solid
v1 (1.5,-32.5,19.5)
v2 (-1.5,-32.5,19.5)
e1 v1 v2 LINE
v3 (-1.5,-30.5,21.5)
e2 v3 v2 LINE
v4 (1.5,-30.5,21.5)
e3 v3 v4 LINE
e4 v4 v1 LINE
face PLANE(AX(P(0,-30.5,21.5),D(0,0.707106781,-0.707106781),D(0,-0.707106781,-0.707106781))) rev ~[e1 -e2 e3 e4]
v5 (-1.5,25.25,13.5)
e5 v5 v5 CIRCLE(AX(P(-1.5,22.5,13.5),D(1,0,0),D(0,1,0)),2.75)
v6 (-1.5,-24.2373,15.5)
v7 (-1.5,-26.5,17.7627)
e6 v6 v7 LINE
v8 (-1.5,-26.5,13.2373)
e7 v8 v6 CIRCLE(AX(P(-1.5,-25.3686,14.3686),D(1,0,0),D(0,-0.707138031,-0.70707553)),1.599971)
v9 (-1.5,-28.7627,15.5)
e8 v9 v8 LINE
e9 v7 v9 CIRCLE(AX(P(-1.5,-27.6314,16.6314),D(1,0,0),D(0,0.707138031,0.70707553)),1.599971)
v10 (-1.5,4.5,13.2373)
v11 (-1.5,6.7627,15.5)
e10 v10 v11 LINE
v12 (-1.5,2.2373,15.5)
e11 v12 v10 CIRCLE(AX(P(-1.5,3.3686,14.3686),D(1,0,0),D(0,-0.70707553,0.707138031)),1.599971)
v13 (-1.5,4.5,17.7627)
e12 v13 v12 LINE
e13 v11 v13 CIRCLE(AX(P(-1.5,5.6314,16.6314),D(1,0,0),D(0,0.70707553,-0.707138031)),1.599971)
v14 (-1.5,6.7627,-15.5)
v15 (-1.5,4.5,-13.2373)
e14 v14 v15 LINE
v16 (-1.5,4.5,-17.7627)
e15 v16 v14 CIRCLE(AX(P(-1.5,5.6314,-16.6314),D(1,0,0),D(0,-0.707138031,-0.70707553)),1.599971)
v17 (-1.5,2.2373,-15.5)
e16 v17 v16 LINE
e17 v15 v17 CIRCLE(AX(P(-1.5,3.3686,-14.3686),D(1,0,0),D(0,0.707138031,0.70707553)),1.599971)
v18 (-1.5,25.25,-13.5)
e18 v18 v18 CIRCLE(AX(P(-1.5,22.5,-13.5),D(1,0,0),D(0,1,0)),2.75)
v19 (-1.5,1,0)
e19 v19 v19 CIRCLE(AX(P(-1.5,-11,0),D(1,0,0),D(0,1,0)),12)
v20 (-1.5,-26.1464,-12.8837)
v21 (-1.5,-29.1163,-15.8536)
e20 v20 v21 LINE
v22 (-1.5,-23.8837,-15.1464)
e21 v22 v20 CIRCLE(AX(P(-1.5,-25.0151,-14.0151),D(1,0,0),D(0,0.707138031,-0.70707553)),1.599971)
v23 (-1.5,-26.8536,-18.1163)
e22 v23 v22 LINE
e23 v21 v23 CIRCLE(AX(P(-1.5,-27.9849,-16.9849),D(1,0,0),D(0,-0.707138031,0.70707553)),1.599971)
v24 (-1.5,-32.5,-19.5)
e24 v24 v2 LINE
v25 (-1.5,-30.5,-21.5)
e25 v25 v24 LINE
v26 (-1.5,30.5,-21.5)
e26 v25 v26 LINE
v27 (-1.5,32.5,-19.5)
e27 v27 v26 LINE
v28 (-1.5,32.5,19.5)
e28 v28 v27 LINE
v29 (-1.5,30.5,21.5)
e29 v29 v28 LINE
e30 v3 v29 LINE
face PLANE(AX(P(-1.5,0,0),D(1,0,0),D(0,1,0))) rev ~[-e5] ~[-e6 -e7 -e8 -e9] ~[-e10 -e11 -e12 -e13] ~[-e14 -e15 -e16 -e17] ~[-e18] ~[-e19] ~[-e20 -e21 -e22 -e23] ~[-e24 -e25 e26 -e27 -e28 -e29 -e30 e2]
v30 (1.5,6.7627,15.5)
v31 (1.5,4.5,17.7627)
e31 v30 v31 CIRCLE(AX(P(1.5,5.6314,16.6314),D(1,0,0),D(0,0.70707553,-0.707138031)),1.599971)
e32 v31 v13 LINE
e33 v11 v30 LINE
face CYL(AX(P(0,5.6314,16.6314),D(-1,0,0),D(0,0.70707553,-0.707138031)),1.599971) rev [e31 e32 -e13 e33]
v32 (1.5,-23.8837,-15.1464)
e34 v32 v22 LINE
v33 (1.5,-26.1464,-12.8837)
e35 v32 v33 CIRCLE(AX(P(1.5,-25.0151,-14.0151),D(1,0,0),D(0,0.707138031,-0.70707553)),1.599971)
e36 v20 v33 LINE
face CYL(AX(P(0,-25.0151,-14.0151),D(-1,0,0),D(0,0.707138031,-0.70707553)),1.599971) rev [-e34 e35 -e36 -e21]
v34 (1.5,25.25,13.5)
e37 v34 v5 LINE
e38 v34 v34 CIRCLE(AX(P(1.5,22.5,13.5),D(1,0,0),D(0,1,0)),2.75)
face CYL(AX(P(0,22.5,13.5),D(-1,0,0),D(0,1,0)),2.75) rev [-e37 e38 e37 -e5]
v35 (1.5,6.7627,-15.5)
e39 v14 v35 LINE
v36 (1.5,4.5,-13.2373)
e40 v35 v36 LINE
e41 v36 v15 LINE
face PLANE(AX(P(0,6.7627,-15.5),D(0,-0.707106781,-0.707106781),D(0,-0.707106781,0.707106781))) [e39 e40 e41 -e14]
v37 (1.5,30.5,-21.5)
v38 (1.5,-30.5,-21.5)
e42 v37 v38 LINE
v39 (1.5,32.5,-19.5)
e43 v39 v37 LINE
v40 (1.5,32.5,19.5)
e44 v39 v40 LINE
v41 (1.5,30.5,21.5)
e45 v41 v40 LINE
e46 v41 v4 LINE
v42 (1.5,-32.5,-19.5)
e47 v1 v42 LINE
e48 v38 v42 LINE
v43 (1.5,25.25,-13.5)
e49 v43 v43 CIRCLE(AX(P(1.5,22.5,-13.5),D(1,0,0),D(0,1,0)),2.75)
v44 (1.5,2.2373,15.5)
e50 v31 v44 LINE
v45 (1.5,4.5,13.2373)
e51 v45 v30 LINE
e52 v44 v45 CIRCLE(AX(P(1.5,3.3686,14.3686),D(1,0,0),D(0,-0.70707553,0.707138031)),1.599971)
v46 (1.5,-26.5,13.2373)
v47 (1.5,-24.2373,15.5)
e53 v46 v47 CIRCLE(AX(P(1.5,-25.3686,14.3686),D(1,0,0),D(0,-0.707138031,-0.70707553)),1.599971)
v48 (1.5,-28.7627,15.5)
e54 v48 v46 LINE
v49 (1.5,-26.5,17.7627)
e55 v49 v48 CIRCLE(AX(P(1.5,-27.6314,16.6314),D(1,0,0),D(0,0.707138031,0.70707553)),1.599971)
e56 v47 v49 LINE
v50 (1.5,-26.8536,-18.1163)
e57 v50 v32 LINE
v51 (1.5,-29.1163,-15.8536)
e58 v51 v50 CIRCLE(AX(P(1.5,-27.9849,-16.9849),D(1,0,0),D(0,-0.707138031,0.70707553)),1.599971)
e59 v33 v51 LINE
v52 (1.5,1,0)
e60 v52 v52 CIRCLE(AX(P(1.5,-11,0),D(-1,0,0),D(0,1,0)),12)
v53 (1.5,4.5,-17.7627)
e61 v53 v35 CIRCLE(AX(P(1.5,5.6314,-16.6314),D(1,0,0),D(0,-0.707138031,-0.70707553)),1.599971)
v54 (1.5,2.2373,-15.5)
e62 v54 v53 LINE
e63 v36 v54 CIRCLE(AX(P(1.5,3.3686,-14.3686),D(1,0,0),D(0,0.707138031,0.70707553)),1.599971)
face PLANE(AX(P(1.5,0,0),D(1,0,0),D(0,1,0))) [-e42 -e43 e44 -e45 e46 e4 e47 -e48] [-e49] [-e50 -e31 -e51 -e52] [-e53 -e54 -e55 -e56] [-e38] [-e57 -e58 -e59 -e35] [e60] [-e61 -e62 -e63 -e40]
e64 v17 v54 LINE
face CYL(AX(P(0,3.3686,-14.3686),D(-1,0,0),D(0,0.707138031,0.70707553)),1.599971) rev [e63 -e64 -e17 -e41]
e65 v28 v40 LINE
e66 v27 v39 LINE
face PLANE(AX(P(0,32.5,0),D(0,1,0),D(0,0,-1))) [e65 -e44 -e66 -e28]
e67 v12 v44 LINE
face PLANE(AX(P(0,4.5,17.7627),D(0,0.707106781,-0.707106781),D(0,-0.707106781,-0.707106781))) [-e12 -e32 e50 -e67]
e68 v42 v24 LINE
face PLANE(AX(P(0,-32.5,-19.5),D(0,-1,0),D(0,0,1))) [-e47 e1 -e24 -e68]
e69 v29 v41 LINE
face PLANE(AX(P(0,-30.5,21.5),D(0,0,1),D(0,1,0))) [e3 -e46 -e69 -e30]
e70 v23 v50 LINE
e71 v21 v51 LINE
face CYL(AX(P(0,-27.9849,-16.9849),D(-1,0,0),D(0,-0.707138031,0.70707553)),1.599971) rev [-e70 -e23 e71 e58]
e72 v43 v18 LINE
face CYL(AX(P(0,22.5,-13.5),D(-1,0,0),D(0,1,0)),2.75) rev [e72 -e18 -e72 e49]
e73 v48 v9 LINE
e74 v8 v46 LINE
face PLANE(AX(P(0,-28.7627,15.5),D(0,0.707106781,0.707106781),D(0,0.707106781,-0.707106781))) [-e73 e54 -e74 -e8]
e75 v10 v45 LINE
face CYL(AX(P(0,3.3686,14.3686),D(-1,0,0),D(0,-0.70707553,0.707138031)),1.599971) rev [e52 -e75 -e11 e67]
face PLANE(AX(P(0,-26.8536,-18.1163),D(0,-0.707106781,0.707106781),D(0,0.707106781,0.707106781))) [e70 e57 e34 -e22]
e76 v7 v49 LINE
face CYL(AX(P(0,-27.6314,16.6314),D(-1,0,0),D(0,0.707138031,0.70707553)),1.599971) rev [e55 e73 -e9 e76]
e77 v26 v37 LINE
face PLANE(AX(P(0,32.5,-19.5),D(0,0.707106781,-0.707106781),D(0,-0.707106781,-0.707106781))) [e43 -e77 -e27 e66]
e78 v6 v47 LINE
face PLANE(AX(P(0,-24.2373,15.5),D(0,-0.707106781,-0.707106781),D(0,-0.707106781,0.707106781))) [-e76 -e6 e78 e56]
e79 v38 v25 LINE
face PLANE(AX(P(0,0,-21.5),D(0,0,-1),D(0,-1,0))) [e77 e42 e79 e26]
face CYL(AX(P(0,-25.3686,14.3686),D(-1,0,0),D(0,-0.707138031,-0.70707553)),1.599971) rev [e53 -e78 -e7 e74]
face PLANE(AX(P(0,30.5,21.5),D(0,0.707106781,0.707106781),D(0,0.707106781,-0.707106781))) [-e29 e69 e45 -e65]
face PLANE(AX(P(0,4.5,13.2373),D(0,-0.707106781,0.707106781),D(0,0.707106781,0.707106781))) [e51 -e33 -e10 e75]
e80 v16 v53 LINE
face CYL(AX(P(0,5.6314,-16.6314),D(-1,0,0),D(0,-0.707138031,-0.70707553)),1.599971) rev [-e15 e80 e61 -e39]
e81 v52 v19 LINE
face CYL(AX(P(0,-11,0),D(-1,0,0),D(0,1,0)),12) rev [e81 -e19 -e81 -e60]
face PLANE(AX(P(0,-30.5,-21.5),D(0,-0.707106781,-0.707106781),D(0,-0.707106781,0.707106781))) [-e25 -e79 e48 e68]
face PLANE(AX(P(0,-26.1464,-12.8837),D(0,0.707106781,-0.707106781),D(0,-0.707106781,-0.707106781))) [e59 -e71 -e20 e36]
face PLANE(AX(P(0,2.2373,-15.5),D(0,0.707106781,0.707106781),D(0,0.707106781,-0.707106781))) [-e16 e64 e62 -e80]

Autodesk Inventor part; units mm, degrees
ref_plane "YZ Plane" through (0, 0, 0) normal (1, 0, 0) x (0, 1, 0)
ref_plane "XZ Plane" through (0, 0, 0) normal (0, 1, 0) x (-1, 0, 0)
ref_plane "XY Plane" through (0, 0, 0) normal (0, 0, 1) x (1, 0, 0)
sketch "Skizze1" plane through (0, 0, 0) normal (1, 0, 0) x (0, 1, 0)
  line L0 (0, -30.1) -> (0, 30.1) projected
  line L1 (-45.5, 0) -> (45.5, 0) projected
  line L2 (-30.5, 21.5) -> (30.5, 21.5)
  line L3 (32.5, 19.5) -> (32.5, -19.5)
  line L4 (30.5, -21.5) -> (-30.5, -21.5)
  line L5 (-32.5, -19.5) -> (-32.5, 19.5)
  circle A0 centre (22.5, 13.5) radius 2.75
  circle A1 centre (22.5, -13.5) radius 2.75
  line L6 (30.5, 21.5) -> (32.5, 19.5)
  line L7 (32.5, -19.5) -> (30.5, -21.5)
  line L8 (-30.5, 21.5) -> (-32.5, 19.5)
  line L9 (-30.5, -21.5) -> (-32.5, -19.5)
  line L10 (5.6314, 16.6314) -> (3.3686, 14.3686) construction
  line L11 (4.5, 17.7627) -> (2.2373, 15.5)
  line L12 (4.5, 13.2373) -> (6.7627, 15.5)
  arc A2 (6.7627, 15.5) -> (4.5, 17.7627) centre (5.6314, 16.6314) ccw
  arc A3 (2.2373, 15.5) -> (4.5, 13.2373) centre (3.3686, 14.3686) ccw
  line L13 (-27.6314, 16.6314) -> (-25.3686, 14.3686) construction
  line L14 (-28.7627, 15.5) -> (-26.5, 13.2373)
  line L15 (-24.2373, 15.5) -> (-26.5, 17.7627)
  arc A4 (-26.5, 17.7627) -> (-28.7627, 15.5) centre (-27.6314, 16.6314) ccw
  arc A5 (-26.5, 13.2373) -> (-24.2373, 15.5) centre (-25.3686, 14.3686) ccw
  line L16 (5.6314, -16.6314) -> (3.3686, -14.3686) construction
  line L17 (6.7627, -15.5) -> (4.5, -13.2373)
  line L18 (2.2373, -15.5) -> (4.5, -17.7627)
  arc A6 (4.5, -17.7627) -> (6.7627, -15.5) centre (5.6314, -16.6314) ccw
  arc A7 (4.5, -13.2373) -> (2.2373, -15.5) centre (3.3686, -14.3686) ccw
  line L19 (-26.4997, -15.4997) -> (-26.5003, -15.5003) construction
  line L20 (-25.3683, -16.631) -> (-25.369, -16.6317)
  line L21 (-27.6317, -14.369) -> (-27.631, -14.3683)
  line L22 (-27.9849, -16.9849) -> (-25.0151, -14.0151) construction
  line L23 (-26.8536, -18.1163) -> (-23.8837, -15.1464)
  line L24 (-26.1464, -12.8837) -> (-29.1163, -15.8536)
  arc A8 (-29.1163, -15.8536) -> (-26.8536, -18.1163) centre (-27.9849, -16.9849) ccw
  arc A9 (-23.8837, -15.1464) -> (-26.1464, -12.8837) centre (-25.0151, -14.0151) ccw
  circle A10 centre (-11, 0) radius 12
  point P0 (0, 0)
  point P1 (-32.5, 21.5)
  point P2 (32.5, -21.5)
  point P3 (32.5, 21.5)
  point P4 (-32.5, -21.5)
  point P5 (4.5, 15.5)
  point P6 (-26.5, 15.5)
  point P7 (4.5, -15.5)
  point P8 (-26.5, -15.5)
  dimension "d0" = 65
  dimension "d1" = 43
  dimension "d2" = 5.5
  dimension "d3" = 10
  dimension "d4" = 8
  dimension "d14" = 2
  dimension "d15" = 2
  dimension "d16" = 2
  dimension "d17" = 2
  dimension "d18" = 2
  dimension "d19" = 2
  dimension "d20" = 2
  dimension "d21" = 2
  dimension "d22" = 3.2
  dimension "d23" = 3.2
  dimension "d24" = 3.2
  dimension "d26" = 6
  dimension "d27" = 31
  dimension "d28" = 31
  dimension "d31" = 2.1
  dimension "d32" = 3.2
  dimension "d35" = 24
  dimension "d36" = 15.5
extrude "Extrusion4" add sketch "Skizze1" along normal mid plane 3 contours L4 L9 L5 L1 A10 L0 | L0 A10 L1 L3 L7 L4 | L1 L5 L8 L2 L0 A10 | A10 L0 L2 L6 L3 L1
equation "\"d15\" = d14"
equation "\"d16\" = d14"
equation "\"d17\" = d16"
equation "\"d18\" = d14"
equation "\"d19\" = d18"
equation "\"d20\" = d14"
equation "\"d21\" = d20"
properties part number "Nema17_Montageplatte" material "Aluminium 6061"
